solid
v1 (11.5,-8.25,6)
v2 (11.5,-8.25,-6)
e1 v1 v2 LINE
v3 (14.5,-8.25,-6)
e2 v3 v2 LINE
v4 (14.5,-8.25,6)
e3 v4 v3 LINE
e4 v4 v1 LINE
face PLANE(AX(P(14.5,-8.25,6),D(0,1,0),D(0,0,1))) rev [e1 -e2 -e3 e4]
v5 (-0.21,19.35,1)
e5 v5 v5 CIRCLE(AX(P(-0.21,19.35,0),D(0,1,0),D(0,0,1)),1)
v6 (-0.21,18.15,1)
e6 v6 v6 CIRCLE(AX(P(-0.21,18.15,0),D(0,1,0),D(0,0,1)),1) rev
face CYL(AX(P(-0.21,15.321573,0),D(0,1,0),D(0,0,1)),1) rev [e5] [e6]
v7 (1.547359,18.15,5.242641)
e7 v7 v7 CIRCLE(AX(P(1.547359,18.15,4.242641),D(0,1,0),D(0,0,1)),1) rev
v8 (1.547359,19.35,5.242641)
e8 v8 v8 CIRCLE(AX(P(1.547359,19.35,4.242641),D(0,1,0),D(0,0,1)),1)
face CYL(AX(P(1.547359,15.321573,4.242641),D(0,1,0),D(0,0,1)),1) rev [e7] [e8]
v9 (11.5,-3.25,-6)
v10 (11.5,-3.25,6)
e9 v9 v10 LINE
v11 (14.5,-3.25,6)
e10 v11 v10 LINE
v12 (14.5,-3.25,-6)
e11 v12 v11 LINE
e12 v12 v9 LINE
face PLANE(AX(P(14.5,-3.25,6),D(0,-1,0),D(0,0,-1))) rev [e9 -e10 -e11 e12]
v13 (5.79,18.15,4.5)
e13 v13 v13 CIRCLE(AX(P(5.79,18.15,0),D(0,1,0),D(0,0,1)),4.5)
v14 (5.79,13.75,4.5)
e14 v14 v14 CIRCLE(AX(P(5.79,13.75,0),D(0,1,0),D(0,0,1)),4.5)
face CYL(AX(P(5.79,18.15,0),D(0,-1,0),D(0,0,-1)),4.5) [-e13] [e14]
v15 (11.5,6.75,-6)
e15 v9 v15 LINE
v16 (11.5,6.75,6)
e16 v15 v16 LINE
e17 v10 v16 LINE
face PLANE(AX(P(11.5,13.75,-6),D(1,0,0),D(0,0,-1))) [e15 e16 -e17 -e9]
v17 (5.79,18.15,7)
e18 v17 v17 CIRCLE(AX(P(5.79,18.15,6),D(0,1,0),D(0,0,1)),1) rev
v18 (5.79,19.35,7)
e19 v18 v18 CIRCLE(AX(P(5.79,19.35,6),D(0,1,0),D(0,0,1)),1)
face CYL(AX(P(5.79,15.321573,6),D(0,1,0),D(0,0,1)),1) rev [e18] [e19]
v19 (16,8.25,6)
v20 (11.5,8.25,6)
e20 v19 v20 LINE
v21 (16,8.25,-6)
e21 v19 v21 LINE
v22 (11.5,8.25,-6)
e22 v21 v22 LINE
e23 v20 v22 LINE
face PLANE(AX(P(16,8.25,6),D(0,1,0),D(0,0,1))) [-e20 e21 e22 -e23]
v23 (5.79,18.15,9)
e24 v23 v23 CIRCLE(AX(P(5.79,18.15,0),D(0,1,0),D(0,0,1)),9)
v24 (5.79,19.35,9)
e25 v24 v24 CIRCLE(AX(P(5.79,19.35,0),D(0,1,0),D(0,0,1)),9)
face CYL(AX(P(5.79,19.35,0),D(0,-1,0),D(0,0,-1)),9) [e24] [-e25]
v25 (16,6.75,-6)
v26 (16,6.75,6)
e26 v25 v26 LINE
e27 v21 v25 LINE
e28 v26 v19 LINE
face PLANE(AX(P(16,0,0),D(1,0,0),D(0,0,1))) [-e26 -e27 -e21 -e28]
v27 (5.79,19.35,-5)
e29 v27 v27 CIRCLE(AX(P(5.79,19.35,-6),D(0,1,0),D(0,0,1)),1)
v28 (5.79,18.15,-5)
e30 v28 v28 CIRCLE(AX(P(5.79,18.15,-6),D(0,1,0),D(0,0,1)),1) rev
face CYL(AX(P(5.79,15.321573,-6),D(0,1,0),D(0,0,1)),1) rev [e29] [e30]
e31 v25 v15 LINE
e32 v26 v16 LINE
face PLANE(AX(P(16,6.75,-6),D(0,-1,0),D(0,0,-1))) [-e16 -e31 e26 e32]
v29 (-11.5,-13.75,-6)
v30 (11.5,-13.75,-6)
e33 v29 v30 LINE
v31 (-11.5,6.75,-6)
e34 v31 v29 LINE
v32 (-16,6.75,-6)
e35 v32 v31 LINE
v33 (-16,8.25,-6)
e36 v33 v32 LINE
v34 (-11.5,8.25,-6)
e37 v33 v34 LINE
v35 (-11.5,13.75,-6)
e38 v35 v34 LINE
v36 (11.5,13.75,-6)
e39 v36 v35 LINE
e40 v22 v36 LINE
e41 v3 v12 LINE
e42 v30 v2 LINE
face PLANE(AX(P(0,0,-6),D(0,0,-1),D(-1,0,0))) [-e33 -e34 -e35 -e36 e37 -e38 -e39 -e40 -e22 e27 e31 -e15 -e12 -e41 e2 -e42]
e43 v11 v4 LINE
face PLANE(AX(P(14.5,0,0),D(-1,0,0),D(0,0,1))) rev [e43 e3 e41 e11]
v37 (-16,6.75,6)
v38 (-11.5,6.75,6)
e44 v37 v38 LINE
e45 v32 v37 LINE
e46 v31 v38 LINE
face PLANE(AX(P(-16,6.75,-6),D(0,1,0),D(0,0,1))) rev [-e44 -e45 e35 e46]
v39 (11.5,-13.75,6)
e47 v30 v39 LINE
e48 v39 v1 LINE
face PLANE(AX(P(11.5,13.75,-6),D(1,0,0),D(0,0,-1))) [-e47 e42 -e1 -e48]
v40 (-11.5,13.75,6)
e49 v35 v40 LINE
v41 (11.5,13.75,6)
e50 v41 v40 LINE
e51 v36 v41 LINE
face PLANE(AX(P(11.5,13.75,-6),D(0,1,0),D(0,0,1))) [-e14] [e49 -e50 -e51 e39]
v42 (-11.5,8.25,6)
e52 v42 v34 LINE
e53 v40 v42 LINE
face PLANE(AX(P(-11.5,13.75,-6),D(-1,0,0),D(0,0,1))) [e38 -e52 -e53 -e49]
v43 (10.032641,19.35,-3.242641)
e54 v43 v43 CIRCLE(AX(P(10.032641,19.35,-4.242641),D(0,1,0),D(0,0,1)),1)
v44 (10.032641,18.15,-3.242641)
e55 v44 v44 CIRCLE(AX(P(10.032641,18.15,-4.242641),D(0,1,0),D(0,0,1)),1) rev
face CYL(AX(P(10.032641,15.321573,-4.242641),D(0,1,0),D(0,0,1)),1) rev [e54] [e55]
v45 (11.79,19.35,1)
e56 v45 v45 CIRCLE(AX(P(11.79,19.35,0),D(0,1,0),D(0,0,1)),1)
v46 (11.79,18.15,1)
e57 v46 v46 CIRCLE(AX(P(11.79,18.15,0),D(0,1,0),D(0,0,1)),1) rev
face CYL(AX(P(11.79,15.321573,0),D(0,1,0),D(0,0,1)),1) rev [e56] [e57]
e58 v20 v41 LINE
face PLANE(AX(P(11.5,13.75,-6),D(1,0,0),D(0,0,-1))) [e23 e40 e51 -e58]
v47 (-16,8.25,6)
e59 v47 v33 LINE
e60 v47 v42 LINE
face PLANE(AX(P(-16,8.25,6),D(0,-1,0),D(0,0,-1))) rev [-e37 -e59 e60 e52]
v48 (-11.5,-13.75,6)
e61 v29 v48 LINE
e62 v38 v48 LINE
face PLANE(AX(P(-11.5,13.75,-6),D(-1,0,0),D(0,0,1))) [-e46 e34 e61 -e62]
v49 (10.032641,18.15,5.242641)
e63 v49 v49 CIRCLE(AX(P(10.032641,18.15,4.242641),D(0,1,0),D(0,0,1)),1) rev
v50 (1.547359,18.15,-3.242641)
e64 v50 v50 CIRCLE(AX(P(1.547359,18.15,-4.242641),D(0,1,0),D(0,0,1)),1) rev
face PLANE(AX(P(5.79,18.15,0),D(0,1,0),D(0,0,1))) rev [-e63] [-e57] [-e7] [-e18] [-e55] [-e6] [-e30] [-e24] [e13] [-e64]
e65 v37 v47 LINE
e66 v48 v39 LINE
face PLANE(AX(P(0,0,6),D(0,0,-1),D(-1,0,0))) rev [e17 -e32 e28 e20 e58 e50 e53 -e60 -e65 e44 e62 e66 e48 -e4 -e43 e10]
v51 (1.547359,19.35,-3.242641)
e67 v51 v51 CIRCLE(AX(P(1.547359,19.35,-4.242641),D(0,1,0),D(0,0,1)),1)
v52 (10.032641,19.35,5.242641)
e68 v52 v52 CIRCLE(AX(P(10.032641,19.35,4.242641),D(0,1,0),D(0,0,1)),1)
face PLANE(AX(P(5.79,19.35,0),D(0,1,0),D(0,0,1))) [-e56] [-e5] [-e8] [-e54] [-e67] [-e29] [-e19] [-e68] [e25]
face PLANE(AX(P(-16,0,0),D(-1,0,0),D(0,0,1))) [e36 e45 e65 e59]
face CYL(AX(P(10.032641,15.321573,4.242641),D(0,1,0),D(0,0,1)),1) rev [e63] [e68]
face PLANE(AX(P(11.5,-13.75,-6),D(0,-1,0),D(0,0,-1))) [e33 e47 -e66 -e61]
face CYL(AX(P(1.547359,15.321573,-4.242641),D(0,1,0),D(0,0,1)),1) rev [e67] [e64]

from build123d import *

# Parameters (mm, degrees)
BOSS_EXTRUDE1_DEPTH      = 6
BOSS_EXTRUDE1_DEPTH_BACK = 6
SKETCH1_W                = 23
SKETCH1_H                = 27.5
SKETCH4_R                = 4.5
BOSS_EXTRUDE2_DEPTH      = 4.4
SKETCH5_R                = 9
BOSS_EXTRUDE3_DEPTH      = 1.2
SKETCH6_R                = 1
CUT_EXTRUDE1_DEPTH       = 1.2
SKETCH7_W                = 12
SKETCH7_H                = 1.5
BOSS_EXTRUDE4_DEPTH      = 4.5
SKETCH8_W                = 12
SKETCH8_H                = 5
BOSS_EXTRUDE5_DEPTH      = 3


with BuildPart() as part:
    # Sketch1 → Boss-Extrude1 (new, two sides: drawn at the far end of the back side and taken through both)
    with BuildSketch(Plane.XY.offset(-BOSS_EXTRUDE1_DEPTH_BACK)):
        Rectangle(SKETCH1_W, SKETCH1_H)
    extrude(amount=BOSS_EXTRUDE1_DEPTH + BOSS_EXTRUDE1_DEPTH_BACK)

    # Sketch4 → Boss-Extrude2 (add)
    with BuildSketch(Plane(origin=(0, 13.75, 0), x_dir=(1, 0, 0), z_dir=(0, 1, 0))):
        with Locations(Location((5.79, 0, 0), (0, 0, 270))):
            Circle(SKETCH4_R)
    extrude(amount=BOSS_EXTRUDE2_DEPTH)

    # Sketch5 → Boss-Extrude3 (add)
    with BuildSketch(Plane(origin=(0, 18.15, 0), x_dir=(1, 0, 0), z_dir=(0, 1, 0))):
        with Locations(Location((5.79, 0, 0), (0, 0, 270))):
            Circle(SKETCH5_R)
    extrude(amount=BOSS_EXTRUDE3_DEPTH)

    # Sketch6 → Cut-Extrude1 (cut)
    with BuildSketch(Plane(origin=(0, 19.35, 0), x_dir=(1, 0, 0), z_dir=(0, 1, 0))):
        with Locations(Location((5.79, 6, 0), (0, 0, 270))):
            Circle(SKETCH6_R)
        with Locations(Location((10.032640687, 4.242640687, 0), (0, 0, 270))):
            Circle(SKETCH6_R)
        with Locations(Location((11.79, 0, 0), (0, 0, 270))):
            Circle(SKETCH6_R)
        with Locations(Location((10.032640687, -4.242640687, 0), (0, 0, 270))):
            Circle(SKETCH6_R)
        with Locations(Location((5.79, -6, 0), (0, 0, 270))):
            Circle(SKETCH6_R)
        with Locations(Location((1.547359313, -4.242640687, 0), (0, 0, 270))):
            Circle(SKETCH6_R)
        with Locations(Location((-0.21, 0, 0), (0, 0, 270))):
            Circle(SKETCH6_R)
        with Locations(Location((1.547359313, 4.242640687, 0), (0, 0, 270))):
            Circle(SKETCH6_R)
    extrude(amount=-CUT_EXTRUDE1_DEPTH, mode=Mode.SUBTRACT)

    # Sketch7 → Boss-Extrude4 (add)
    with BuildSketch(Plane.ZY.offset(11.5)):
        with Locations((0, 7.5)):
            Rectangle(SKETCH7_W, SKETCH7_H)
    boss_extrude4 = extrude(amount=BOSS_EXTRUDE4_DEPTH)

    # Mirror1: Boss-Extrude4 across plane
    add(boss_extrude4.mirror(Plane(origin=(0, 0, 0), x_dir=(0, 0, 1), z_dir=(1, 0, 0))))

    # Sketch8 → Boss-Extrude5 (add)
    with BuildSketch(Plane(origin=(11.5, 0, 0), x_dir=(0, 0, -1), z_dir=(1, 0, 0))):
        with Locations((0, -5.75)):
            Rectangle(SKETCH8_W, SKETCH8_H)
    extrude(amount=BOSS_EXTRUDE5_DEPTH)


solid = part.part
